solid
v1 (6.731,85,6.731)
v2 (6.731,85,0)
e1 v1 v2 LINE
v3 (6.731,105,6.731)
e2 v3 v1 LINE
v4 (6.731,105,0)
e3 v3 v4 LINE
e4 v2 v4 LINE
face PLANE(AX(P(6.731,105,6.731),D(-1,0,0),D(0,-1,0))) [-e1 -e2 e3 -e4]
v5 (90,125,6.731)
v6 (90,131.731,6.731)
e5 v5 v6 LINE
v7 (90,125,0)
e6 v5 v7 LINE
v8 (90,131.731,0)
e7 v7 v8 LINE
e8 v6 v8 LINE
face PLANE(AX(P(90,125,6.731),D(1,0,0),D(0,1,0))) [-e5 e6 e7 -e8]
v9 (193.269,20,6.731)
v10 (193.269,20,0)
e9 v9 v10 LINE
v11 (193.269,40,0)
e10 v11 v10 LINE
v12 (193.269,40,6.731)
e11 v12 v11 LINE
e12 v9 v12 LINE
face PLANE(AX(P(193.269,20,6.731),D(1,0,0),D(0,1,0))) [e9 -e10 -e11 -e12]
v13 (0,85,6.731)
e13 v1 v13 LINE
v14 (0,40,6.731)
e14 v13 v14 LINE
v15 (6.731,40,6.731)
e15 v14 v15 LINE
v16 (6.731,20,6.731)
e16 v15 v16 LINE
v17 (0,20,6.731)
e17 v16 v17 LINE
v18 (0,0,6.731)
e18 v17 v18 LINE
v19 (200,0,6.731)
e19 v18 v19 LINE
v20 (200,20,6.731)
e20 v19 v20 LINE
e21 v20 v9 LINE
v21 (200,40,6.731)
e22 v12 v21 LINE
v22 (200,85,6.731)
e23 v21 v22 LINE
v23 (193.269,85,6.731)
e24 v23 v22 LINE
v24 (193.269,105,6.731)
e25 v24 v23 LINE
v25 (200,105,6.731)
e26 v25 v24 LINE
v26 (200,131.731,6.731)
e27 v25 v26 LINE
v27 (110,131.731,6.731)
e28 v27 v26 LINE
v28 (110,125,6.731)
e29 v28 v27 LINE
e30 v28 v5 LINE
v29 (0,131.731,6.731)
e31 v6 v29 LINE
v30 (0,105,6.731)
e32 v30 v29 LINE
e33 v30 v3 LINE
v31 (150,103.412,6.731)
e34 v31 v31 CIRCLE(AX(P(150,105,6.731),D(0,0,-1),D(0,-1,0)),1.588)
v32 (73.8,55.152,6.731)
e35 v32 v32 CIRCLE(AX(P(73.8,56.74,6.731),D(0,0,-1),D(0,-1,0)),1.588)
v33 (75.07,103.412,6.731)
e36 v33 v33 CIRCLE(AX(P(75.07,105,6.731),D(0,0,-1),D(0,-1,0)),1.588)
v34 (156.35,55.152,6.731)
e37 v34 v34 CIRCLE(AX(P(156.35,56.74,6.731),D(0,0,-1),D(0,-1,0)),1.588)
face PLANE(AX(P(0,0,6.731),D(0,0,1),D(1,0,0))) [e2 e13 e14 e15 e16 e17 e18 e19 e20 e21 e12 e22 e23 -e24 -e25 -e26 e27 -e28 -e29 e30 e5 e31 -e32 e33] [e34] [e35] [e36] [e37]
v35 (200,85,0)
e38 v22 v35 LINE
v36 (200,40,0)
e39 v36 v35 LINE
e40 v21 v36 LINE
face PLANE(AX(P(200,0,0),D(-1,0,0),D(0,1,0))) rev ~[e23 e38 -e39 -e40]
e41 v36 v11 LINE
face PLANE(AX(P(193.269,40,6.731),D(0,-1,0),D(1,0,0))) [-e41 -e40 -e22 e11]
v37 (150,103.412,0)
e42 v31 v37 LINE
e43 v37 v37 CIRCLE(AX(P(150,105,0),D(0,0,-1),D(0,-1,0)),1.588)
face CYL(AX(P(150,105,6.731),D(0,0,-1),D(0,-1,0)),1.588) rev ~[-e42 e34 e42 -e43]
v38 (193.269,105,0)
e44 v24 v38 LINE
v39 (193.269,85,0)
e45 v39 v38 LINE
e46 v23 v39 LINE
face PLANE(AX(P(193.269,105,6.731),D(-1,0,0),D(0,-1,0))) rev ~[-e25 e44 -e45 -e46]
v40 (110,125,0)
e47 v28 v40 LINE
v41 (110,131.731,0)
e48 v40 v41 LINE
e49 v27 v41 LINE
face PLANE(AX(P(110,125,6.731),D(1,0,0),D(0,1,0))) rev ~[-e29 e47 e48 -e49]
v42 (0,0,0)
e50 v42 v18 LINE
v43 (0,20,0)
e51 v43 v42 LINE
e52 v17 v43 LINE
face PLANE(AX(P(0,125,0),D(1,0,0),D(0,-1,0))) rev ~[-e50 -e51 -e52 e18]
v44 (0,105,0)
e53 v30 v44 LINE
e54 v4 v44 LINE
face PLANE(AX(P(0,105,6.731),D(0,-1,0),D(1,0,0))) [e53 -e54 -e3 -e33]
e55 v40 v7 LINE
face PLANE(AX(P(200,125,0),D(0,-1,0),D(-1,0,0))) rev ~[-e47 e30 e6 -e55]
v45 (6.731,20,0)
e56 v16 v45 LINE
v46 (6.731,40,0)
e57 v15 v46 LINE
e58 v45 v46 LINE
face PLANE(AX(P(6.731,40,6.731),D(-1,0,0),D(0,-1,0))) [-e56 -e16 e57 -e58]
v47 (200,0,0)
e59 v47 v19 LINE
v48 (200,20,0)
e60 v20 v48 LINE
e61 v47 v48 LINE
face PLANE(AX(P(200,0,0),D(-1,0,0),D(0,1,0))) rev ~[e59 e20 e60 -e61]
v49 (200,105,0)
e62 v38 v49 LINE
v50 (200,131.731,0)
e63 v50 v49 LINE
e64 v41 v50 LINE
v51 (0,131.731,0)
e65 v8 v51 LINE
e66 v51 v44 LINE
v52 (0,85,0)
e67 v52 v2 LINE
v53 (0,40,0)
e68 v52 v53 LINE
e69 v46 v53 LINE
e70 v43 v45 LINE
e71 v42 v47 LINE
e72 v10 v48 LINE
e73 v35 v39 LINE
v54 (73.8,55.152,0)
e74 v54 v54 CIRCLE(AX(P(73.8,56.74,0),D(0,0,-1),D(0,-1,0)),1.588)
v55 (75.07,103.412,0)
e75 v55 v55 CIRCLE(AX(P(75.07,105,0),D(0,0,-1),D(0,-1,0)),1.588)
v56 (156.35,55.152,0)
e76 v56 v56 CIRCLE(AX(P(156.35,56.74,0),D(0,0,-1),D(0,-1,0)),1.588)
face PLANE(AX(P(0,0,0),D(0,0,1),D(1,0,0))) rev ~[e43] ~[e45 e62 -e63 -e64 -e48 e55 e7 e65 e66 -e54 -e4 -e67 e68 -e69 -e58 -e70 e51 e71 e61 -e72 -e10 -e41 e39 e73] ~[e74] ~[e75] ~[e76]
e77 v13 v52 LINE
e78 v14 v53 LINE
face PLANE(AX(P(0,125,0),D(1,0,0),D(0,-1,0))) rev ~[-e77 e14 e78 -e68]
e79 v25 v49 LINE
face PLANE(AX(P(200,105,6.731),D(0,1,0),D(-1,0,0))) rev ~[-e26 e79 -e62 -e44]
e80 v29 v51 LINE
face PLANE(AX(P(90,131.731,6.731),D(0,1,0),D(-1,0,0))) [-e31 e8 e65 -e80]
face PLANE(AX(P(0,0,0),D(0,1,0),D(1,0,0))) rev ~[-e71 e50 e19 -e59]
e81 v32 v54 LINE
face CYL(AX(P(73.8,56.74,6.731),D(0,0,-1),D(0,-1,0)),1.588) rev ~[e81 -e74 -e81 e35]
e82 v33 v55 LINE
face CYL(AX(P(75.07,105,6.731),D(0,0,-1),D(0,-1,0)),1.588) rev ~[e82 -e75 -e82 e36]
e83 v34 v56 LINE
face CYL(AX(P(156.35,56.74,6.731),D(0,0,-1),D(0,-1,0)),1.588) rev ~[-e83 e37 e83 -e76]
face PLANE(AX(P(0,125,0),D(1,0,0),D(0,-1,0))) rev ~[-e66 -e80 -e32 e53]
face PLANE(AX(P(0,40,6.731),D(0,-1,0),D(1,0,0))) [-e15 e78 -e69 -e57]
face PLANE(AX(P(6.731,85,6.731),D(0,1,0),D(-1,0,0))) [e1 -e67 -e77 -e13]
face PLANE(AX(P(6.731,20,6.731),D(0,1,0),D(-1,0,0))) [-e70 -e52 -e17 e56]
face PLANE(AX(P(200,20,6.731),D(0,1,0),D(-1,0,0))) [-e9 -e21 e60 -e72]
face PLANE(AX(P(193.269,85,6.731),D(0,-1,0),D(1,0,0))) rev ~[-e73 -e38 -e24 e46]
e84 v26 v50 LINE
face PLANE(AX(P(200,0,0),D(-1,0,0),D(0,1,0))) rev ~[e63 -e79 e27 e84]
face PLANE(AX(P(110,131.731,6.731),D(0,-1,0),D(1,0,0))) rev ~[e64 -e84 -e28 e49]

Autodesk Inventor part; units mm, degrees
ref_plane "YZ Plane" through (0, 0, 0) normal (1, 0, 0) x (0, 1, 0)
ref_plane "XZ Plane" through (0, 0, 0) normal (0, 1, 0) x (-1, 0, 0)
ref_plane "XY Plane" through (0, 0, 0) normal (0, 0, 1) x (1, 0, 0)
sketch "Sketch1" plane through (0, 0, 0) normal (0, 0, 1) x (1, 0, 0)
  line L0 (0, 0) -> (200, 0)
  line L1 (200, 0) -> (200, 125)
  line L2 (200, 125) -> (0, 125)
  line L3 (0, 125) -> (0, 0)
  dimension "d23" = 200
  dimension "d24" = 125
extrude "Extrusion1" add sketch "Sketch1" along normal blind 6.731
sketch "Sketch2" plane through (0, 0, 6.731) normal (0, 0, 1) x (1, 0, 0)
  line L0 (75.07, 105) -> (150, 105) construction
  line L1 (150, 105) -> (156.35, 105) construction
  line L2 (156.35, 105) -> (156.35, 56.74) construction
  line L3 (156.35, 56.74) -> (73.8, 56.74) construction
  line L4 (73.8, 56.74) -> (73.8, 105) construction
  line L5 (73.8, 105) -> (75.07, 105) construction
  line L6 (200, 0) -> (200, 125) projected
  line L7 (200, 125) -> (0, 125) projected
  dimension "d7" = 1.27
  dimension "d8" = 74.93
  dimension "d9" = 48.26
  dimension "d10" = 82.55
  dimension "d32" = 20
  dimension "d33" = 50
hole "Hole1" at (75.07, 105, 6.731) at (73.8, 56.74, 6.731) at (156.35, 56.74, 6.731) at (150, 105, 6.731) direction (0, 0, -1) diameter 3.176 end through all
sketch "Sketch3" plane through (0, 0, 6.731) normal (0, 0, 1) x (1, 0, 0)
  line L0 (200, 0) -> (200, 125) projected
  line L1 (0, 125) -> (0, 0) projected
  line L2 (0, 40) -> (6.731, 40)
  line L3 (6.731, 40) -> (6.731, 20)
  line L4 (6.731, 20) -> (0, 20)
  line L5 (0, 20) -> (0, 40)
  line L6 (200, 20) -> (193.269, 20)
  line L7 (193.269, 20) -> (193.269, 40)
  line L8 (193.269, 40) -> (200, 40)
  line L9 (200, 40) -> (200, 20)
  line L10 (0, 0) -> (200, 0) projected
  line L11 (0, 105) -> (6.731, 105)
  line L12 (6.731, 105) -> (6.731, 85)
  line L13 (6.731, 85) -> (0, 85)
  line L14 (0, 85) -> (0, 105)
  line L15 (200, 105) -> (193.269, 105)
  line L16 (193.269, 105) -> (193.269, 85)
  line L17 (193.269, 85) -> (200, 85)
  line L18 (200, 85) -> (200, 105)
  line L19 (90, 0) -> (110, 0)
  line L20 (110, 0) -> (110, 6.731)
  line L21 (110, 6.731) -> (90, 6.731)
  line L22 (90, 6.731) -> (90, 0)
  line L23 (200, 125) -> (0, 125) projected
  point P0 (100, 6.731)
  point P1 (100, 0)
  dimension "d19" = 6.731
  dimension "d20" = 20
  dimension "d25" = 20
  dimension "d28" = 20
extrude "Tabs" cut sketch "Sketch3" against normal up to next contours L6 L7 L8 L0 | L17 L16 L15 L0 | L1 L2 L3 L4 | L1 L11 L12 L13
sketch "Sketch4" plane through (0, 0, 6.731) normal (0, 0, 1) x (1, 0, 0)
  line L0 (0, 105) -> (6.731, 105) projected
  line L1 (0, 125) -> (90, 125)
  line L2 (90, 125) -> (90, 131.731)
  line L3 (90, 131.731) -> (0, 131.731)
  line L4 (0, 131.731) -> (0, 125)
  line L5 (200, 125) -> (110, 125)
  line L6 (110, 125) -> (110, 131.731)
  line L7 (110, 131.731) -> (200, 131.731)
  line L8 (200, 131.731) -> (200, 125)
  dimension "d29" = 20
extrude "Extrusion3" add sketch "Sketch4" against normal blind 6.731
equation "\"d0\" = THICKB"
equation "\"d19\" = THICKB"
equation "\"d21\" = THICKB"
equation "\"d30\" = THICKB"
equation "\"THICKA\" = 3.175"
equation "\"THICKB\" = 6.731"
equation "\"THICKC\" = 12.7"
equation "\"THICKPLY\" = 5"
equation "\"MAGDIA\" = 9.5"
equation "\"BALLDIA\" = 12"
properties part number "Controller_Base"
